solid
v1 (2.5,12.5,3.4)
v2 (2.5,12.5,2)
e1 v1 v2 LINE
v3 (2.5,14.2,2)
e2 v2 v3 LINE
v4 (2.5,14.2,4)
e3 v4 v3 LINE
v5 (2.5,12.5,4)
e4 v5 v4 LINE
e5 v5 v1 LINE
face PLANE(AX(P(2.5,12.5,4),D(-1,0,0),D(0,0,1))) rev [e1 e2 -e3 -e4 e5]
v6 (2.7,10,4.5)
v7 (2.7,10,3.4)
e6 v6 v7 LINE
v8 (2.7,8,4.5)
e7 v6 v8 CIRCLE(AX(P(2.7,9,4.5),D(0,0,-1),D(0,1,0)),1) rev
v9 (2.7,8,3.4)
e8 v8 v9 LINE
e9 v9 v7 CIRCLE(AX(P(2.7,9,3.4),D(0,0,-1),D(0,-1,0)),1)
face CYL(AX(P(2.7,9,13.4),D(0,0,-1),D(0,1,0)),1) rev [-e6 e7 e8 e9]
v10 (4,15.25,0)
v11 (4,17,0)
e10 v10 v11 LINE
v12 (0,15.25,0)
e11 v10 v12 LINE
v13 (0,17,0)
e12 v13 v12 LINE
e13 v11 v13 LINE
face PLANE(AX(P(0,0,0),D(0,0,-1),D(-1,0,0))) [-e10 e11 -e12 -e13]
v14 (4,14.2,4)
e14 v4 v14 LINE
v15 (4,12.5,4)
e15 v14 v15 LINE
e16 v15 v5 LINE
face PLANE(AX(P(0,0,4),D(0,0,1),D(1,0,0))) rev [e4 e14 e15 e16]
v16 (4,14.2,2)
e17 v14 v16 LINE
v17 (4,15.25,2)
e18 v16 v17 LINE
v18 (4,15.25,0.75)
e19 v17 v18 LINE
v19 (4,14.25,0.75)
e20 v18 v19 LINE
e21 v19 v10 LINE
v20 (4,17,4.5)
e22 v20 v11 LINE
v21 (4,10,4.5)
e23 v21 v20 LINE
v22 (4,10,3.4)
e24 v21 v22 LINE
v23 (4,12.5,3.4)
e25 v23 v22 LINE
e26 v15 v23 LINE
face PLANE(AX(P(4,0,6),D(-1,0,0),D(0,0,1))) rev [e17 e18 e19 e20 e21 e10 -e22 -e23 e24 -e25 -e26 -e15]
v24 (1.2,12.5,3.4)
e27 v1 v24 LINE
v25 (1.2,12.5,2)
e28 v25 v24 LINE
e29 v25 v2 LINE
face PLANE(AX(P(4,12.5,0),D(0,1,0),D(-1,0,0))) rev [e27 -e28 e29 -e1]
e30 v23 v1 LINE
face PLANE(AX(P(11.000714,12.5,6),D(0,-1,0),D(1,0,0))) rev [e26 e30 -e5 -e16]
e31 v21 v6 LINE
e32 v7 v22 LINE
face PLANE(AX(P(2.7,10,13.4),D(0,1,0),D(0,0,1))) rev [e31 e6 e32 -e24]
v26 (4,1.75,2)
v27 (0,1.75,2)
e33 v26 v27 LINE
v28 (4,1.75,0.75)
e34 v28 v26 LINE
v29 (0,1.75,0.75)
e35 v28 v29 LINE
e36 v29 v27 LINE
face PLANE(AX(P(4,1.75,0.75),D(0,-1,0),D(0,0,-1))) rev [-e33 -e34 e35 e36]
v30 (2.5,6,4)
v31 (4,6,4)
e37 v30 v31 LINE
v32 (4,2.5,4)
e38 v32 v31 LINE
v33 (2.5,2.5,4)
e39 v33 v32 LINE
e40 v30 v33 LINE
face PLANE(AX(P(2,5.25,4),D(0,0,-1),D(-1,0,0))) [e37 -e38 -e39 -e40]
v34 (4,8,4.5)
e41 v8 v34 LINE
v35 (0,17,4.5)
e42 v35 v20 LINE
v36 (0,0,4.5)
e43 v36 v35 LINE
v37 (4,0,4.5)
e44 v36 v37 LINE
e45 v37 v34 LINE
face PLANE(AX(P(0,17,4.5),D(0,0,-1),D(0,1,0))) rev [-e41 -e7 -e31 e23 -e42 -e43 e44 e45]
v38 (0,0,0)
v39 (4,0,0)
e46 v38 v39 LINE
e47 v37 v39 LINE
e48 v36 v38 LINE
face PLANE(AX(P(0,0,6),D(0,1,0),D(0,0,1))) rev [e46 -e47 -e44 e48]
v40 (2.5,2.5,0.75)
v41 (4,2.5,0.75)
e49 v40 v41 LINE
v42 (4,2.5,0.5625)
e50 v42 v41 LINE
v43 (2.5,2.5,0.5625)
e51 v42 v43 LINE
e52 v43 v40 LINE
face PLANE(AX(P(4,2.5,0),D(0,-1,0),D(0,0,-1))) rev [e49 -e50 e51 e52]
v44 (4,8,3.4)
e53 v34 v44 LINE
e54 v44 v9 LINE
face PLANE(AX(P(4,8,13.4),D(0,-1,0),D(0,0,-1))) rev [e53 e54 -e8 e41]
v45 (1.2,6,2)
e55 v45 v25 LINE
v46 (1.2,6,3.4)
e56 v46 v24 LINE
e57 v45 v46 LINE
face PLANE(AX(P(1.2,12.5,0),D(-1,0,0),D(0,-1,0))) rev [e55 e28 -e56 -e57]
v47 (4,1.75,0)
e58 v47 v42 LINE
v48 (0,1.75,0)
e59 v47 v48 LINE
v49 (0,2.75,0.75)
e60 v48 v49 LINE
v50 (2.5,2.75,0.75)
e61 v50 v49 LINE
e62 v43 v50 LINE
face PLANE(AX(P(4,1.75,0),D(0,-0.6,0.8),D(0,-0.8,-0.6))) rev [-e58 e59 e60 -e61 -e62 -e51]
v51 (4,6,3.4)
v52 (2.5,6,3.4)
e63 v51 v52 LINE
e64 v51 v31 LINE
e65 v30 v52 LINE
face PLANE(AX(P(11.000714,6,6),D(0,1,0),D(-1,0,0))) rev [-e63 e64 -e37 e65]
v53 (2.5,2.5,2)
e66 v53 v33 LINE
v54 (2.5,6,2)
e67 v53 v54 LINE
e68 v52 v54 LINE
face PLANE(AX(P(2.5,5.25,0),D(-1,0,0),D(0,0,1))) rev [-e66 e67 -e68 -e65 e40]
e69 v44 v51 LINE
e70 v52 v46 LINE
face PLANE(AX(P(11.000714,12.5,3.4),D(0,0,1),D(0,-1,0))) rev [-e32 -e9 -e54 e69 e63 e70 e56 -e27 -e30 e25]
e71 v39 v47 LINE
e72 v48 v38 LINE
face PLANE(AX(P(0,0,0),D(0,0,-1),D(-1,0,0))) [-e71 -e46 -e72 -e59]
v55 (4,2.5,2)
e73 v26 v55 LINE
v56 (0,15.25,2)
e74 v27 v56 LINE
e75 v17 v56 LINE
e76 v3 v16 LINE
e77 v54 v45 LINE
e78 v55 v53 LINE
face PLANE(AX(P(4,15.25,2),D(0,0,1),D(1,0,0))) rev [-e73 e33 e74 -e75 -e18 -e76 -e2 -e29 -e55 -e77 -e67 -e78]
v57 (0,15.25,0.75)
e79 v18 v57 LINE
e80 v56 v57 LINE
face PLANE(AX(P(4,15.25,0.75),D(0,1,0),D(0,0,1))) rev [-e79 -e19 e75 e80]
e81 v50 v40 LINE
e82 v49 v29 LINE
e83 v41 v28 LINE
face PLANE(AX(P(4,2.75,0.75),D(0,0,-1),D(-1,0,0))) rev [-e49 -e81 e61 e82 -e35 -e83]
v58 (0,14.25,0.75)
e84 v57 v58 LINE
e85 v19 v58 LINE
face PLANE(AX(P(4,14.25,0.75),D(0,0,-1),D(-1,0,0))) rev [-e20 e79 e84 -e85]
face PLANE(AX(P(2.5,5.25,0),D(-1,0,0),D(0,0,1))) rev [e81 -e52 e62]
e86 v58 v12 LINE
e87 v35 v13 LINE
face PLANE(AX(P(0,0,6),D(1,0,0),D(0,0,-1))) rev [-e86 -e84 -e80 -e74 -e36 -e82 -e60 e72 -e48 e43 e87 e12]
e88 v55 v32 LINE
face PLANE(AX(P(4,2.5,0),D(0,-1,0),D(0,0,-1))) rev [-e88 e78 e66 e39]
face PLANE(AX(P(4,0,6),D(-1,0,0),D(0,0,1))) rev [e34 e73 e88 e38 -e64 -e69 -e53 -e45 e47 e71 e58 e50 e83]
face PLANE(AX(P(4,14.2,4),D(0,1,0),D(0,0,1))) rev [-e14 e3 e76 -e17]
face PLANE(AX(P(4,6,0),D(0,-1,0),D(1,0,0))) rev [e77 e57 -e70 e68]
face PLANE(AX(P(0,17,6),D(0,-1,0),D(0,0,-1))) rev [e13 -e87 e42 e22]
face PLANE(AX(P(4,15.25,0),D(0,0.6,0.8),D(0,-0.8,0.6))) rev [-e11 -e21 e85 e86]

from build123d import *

# Parameters (mm, degrees)
SKETCH1_W           = 4
SKETCH1_H           = 17
BOSS_EXTRUDE1_DEPTH = 6
SKETCH2_W           = 2.8
SKETCH2_H           = 6.5
SKETCH2_W_2         = 1.5
SKETCH2_H_2         = 2.75
CUT_EXTRUDE1_DEPTH  = 19.466185313
CUT_EXTRUDE2_DEPTH  = 19.466185313
SKETCH4_W           = 2
SKETCH4_H           = 2.75
BOSS_EXTRUDE2_DEPTH = 2
SKETCH6_W           = 1.5
SKETCH6_H           = 1.7
SKETCH6_H_2         = 0.75
CUT_EXTRUDE3_DEPTH  = 2
BOSS_EXTRUDE3_REACH = 20.244
SKETCH7_W           = 2.6
SKETCH7_H           = 6.5
CUT_EXTRUDE4_DEPTH  = 10
SKETCH9_W           = 1.5
SKETCH9_H           = 17
CUT_EXTRUDE5_DEPTH  = 19.466185313


with BuildPart() as part:
    # Sketch1 → Boss-Extrude1 (new body)
    with BuildSketch(Plane.XY):
        with Locations((2, 8.5)):
            Rectangle(SKETCH1_W, SKETCH1_H)
    extrude(amount=BOSS_EXTRUDE1_DEPTH)

    # Sketch2 → Cut-Extrude1 (cut, through all)
    with BuildSketch(Plane.XY.offset(6)):
        with Locations((2.6, 9.25)):
            Rectangle(SKETCH2_W, SKETCH2_H)
        with Locations((3.25, 3.875)):
            Rectangle(SKETCH2_W_2, SKETCH2_H_2)
    extrude(amount=-CUT_EXTRUDE1_DEPTH, mode=Mode.SUBTRACT)

    # Sketch3 → Cut-Extrude2 (cut, through all)
    with BuildSketch(Plane.ZY):
        Polygon((0, 15.25), (0.75, 14.25), (0.75, 15.25), (2, 15.25), (2, 1.75), (0.75, 1.75), (0.75, 2.75), (0, 1.75), align=None)
    extrude(amount=-CUT_EXTRUDE2_DEPTH, mode=Mode.SUBTRACT)

    # Sketch4 → Boss-Extrude2 (add)
    with BuildSketch(Plane(origin=(4, 0, 0), x_dir=(0, 0, -1), z_dir=(1, 0, 0))):
        with Locations((-5, 3.875)):
            Rectangle(SKETCH4_W, SKETCH4_H)
    extrude(amount=-BOSS_EXTRUDE2_DEPTH)

    # Sketch6 → Cut-Extrude3 (cut)
    with BuildSketch(Plane(origin=(0, 0, 2), x_dir=(-1, 0, 0), z_dir=(0, 0, -1))):
        with Locations((-3.25, 13.35)):
            Rectangle(SKETCH6_W, SKETCH6_H)
        with Locations((-3.25, 5.625)):
            Rectangle(SKETCH6_W, SKETCH6_H_2)
    extrude(amount=-CUT_EXTRUDE3_DEPTH, mode=Mode.SUBTRACT)

    # Boss-Extrude3: up to this face of the body (flat: up to its plane)
    boss_extrude3_end = Plane(part.part.faces().sort_by_distance((4, 15.271515562, 3.544654939))[0])
    # Sketch7 → Boss-Extrude3 (add, up to the picked face)
    with BuildSketch(Plane(origin=(1.2, 0, 0), x_dir=(0, 0, -1), z_dir=(1, 0, 0)), mode=Mode.PRIVATE) as boss_extrude3_sk1:
        with Locations((-4.7, 9.25)):
            Rectangle(SKETCH7_W, SKETCH7_H)
    boss_extrude3_tool1 = split(extrude(boss_extrude3_sk1.sketch, amount=BOSS_EXTRUDE3_REACH, mode=Mode.PRIVATE), bisect_by=boss_extrude3_end, keep=Keep.BOTH, mode=Mode.PRIVATE)
    add(boss_extrude3_tool1.solids().sort_by(Axis((1.2, 9.25, 4.7), (1, 0, 0)))[0])

    # Sketch8 → Cut-Extrude4 (cut)
    with BuildSketch(Plane(origin=(0, 0, 3.4), x_dir=(-1, 0, 0), z_dir=(0, 0, -1))):
        with BuildLine():
            Line((-2.7, 10), (-4, 10))
            Line((-4, 10), (-4, 8))
            Line((-4, 8), (-2.7, 8))
            ThreePointArc((-2.7, 8), (-1.7, 9), (-2.7, 10))
        make_face()
    extrude(amount=-CUT_EXTRUDE4_DEPTH, mode=Mode.SUBTRACT)

    # Sketch9 → Cut-Extrude5 (cut, through all)
    with BuildSketch(Plane(origin=(4, 0, 0), x_dir=(0, 0, -1), z_dir=(1, 0, 0))):
        with Locations((-5.25, 8.5)):
            Rectangle(SKETCH9_W, SKETCH9_H)
    extrude(amount=-CUT_EXTRUDE5_DEPTH, mode=Mode.SUBTRACT)


solid = part.part
